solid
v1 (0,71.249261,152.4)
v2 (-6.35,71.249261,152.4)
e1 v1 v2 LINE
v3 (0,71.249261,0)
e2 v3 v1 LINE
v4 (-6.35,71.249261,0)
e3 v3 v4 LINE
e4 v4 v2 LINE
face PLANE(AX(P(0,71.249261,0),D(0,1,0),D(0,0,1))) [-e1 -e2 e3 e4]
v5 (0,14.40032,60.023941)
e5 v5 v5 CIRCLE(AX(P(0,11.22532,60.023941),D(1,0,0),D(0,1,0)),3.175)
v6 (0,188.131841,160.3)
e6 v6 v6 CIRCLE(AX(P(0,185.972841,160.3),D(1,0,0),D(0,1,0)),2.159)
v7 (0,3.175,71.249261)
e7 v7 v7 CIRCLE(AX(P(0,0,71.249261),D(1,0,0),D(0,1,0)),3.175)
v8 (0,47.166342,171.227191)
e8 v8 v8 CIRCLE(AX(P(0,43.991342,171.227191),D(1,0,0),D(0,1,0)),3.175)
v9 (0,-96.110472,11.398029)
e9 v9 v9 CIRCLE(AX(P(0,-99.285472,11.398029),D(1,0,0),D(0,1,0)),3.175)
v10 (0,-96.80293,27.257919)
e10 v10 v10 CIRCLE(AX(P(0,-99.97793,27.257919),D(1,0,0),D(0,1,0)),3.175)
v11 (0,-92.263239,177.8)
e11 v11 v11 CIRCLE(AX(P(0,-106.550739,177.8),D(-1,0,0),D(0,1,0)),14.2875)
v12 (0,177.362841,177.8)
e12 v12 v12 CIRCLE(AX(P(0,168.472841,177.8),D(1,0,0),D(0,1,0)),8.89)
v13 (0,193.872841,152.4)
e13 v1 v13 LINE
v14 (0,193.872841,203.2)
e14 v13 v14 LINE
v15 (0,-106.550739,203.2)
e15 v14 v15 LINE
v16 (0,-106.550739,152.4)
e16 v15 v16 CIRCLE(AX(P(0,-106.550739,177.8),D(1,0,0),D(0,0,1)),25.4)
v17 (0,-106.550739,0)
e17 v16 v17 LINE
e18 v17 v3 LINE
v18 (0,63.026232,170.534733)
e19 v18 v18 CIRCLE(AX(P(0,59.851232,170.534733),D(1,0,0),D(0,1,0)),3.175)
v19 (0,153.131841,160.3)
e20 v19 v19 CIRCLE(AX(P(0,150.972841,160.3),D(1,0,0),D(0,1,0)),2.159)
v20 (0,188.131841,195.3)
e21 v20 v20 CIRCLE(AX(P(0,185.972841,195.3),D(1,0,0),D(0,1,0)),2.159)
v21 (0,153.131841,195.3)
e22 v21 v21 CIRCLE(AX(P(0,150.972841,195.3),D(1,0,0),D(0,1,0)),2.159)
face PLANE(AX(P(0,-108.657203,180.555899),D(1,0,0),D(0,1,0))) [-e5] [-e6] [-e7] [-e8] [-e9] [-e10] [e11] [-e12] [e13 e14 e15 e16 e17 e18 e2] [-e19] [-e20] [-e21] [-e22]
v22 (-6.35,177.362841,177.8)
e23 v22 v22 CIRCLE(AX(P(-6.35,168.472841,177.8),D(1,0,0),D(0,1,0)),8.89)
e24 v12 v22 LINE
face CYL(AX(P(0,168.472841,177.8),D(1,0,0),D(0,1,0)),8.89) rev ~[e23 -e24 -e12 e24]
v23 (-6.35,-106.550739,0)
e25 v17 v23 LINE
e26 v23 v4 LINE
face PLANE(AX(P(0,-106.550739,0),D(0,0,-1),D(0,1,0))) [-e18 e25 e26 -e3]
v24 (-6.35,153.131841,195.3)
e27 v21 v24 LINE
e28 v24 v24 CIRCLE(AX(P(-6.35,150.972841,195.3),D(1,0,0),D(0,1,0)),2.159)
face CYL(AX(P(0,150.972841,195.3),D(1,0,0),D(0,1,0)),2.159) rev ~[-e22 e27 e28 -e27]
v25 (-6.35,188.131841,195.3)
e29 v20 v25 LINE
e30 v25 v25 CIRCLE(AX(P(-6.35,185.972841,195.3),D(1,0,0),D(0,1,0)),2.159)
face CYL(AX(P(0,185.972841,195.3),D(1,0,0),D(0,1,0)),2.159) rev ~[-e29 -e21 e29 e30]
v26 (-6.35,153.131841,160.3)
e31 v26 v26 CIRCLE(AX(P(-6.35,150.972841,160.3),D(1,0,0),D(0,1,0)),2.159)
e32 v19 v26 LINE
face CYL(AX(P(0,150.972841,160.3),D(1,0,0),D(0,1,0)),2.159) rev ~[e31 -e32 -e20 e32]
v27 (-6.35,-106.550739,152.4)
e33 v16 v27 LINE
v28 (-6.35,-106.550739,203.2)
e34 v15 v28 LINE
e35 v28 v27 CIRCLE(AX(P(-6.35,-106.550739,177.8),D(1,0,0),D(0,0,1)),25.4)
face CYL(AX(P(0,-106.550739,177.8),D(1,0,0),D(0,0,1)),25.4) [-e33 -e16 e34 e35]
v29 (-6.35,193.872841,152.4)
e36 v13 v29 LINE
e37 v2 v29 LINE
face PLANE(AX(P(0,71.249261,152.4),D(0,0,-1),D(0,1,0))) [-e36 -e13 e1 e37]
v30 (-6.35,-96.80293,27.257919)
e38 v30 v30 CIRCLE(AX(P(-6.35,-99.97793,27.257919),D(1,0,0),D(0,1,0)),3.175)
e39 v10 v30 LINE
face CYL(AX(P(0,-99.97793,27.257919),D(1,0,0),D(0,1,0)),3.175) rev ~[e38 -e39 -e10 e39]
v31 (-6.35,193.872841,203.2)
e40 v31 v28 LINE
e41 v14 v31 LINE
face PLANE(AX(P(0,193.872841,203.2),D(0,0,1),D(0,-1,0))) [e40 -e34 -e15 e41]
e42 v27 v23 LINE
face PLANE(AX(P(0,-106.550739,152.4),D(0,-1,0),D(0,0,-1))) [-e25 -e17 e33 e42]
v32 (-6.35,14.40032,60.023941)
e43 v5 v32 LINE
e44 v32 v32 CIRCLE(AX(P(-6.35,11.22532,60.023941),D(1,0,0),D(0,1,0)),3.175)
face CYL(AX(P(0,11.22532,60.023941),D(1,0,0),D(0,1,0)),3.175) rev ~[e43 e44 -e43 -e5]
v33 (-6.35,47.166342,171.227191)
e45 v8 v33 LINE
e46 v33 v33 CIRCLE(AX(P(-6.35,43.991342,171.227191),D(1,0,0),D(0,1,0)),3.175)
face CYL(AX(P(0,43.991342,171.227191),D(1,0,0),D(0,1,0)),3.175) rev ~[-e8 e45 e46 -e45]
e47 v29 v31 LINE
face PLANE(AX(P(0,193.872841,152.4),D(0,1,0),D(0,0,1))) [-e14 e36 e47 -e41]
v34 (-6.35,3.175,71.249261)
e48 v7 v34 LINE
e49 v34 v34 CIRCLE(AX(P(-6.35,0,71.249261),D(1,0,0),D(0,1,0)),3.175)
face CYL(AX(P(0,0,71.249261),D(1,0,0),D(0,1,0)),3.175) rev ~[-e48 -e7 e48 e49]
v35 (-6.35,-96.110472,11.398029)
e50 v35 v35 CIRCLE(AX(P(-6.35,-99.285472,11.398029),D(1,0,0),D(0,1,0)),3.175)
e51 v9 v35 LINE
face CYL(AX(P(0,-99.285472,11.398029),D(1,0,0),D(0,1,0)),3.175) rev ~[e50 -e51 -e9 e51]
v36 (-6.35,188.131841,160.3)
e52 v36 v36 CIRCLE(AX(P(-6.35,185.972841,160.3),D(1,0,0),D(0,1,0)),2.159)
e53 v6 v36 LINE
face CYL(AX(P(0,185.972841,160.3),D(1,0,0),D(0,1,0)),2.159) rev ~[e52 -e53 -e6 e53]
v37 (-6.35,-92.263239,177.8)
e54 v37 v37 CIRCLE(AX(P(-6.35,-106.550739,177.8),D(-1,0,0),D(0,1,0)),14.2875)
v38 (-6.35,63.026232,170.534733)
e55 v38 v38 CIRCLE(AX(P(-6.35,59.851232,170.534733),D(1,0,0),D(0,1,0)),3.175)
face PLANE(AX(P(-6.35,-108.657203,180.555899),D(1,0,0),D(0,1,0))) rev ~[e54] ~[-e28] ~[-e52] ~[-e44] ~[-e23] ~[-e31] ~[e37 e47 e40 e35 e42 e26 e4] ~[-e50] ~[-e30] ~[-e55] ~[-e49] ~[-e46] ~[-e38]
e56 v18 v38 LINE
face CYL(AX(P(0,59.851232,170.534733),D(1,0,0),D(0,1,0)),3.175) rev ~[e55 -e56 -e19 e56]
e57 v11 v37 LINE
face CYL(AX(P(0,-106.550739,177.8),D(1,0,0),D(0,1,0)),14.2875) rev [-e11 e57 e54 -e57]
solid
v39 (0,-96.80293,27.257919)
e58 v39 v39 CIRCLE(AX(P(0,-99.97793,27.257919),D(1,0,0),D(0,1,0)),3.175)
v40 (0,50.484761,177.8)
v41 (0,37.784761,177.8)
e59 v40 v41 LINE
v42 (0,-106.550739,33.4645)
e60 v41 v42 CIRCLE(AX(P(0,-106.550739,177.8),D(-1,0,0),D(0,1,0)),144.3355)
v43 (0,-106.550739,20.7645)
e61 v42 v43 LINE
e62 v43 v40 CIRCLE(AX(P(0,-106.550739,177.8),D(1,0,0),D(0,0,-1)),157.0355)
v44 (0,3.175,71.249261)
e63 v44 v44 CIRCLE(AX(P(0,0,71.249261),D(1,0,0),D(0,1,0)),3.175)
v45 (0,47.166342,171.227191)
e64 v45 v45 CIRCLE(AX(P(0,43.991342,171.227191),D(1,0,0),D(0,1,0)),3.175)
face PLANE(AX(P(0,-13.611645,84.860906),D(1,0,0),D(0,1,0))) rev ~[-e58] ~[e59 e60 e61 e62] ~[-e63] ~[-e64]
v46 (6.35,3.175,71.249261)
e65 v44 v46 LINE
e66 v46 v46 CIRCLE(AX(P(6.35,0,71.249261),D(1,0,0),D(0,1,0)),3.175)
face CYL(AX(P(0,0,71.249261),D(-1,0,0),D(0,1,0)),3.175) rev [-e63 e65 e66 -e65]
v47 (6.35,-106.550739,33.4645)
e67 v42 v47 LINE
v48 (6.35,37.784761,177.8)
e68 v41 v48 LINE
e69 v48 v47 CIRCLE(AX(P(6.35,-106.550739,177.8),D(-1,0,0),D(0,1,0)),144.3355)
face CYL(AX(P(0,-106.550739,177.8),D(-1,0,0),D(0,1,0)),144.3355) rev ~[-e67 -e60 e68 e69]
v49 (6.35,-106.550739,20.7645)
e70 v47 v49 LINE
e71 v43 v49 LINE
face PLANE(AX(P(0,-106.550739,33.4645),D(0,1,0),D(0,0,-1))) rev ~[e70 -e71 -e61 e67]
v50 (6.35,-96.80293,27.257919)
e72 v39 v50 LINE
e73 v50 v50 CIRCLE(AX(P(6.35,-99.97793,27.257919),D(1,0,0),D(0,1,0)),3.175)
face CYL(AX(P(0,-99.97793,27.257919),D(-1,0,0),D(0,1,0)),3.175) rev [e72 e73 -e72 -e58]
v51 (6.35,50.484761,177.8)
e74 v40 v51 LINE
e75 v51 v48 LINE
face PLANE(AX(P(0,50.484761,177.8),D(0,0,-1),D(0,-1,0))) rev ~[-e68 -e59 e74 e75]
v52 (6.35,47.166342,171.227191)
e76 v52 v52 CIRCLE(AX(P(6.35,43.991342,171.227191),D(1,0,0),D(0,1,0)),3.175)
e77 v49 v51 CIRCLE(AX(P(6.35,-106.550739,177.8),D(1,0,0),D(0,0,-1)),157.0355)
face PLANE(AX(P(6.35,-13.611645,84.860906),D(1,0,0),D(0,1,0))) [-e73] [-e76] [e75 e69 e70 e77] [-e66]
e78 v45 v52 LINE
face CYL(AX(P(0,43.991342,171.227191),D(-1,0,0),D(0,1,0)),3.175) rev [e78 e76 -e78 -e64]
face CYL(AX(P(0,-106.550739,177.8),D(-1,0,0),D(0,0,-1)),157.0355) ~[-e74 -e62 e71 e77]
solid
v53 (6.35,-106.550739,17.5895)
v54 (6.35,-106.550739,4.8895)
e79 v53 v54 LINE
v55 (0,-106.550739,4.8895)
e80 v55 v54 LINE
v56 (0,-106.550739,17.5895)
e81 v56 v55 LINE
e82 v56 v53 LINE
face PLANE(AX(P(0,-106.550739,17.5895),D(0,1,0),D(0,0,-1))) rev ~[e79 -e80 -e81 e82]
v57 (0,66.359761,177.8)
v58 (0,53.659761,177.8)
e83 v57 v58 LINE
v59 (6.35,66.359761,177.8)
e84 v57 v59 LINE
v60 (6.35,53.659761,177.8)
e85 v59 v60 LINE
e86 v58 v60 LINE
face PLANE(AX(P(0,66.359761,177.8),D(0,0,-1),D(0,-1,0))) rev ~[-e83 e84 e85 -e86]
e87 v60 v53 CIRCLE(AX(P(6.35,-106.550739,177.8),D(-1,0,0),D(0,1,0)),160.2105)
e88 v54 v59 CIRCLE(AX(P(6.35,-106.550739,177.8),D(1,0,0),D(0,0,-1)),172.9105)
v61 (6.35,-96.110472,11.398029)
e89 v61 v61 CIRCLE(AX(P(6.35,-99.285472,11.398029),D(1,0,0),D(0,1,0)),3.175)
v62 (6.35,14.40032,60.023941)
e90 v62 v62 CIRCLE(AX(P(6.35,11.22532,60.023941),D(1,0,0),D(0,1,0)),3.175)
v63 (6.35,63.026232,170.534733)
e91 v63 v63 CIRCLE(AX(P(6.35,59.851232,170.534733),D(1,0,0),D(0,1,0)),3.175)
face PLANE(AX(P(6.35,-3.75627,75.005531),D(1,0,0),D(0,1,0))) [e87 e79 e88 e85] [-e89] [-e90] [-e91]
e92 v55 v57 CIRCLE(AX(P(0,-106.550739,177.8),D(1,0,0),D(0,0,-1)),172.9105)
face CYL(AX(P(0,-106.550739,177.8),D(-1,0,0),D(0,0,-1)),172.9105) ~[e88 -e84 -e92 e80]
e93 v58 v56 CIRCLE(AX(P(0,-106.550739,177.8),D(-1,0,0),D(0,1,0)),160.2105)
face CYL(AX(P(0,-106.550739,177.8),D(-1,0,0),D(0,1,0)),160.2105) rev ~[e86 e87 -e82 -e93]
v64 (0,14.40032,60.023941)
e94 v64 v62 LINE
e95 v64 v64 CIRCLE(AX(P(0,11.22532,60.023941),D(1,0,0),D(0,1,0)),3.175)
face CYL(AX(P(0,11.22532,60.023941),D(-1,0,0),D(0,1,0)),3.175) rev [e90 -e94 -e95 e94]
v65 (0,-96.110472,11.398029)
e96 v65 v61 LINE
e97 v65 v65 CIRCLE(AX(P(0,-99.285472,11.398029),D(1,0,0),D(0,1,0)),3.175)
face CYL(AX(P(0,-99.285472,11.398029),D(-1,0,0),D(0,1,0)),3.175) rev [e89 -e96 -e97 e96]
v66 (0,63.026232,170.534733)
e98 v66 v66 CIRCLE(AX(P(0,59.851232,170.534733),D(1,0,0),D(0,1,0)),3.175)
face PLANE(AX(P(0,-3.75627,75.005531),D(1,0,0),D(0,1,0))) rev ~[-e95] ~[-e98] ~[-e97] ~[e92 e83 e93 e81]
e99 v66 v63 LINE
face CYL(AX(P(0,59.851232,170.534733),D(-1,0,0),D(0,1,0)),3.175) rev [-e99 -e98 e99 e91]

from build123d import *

# Parameters (mm, degrees)
F0_R     = 2.159
F0_R_2   = 8.89
F0_R_3   = 3.175
F1_DEPTH = 6.35
F2_DEPTH = 6.35
F3_DEPTH = 6.35


with BuildPart() as f1:
    # F0 (on Right) → F1 (new body)
    with BuildSketch(Plane.YZ):
        with BuildLine():
            Line((-92.2632388765, 177.8), (-81.1507388765, 177.8))
            ThreePointArc((-81.1507388765, 177.8), (-88.5902266343, 195.7605122421), (-106.5507388765, 203.2))
            ThreePointArc((-106.5507388765, 203.2), (-131.9507388765, 177.8), (-106.5507388765, 152.4))
            Line((-106.5507388765, 152.4), (-106.5507388765, 163.5125))
            ThreePointArc((-106.5507388765, 163.5125), (-116.6535270127, 187.9027881362), (-92.2632388765, 177.8))
        make_face()
        with BuildLine():
            ThreePointArc((-106.5507388765, 152.4), (-88.5902266343, 159.8394877579), (-81.1507388765, 177.8))
            Line((-81.1507388765, 177.8), (-92.2632388765, 177.8))
            ThreePointArc((-92.2632388765, 177.8), (-96.4479507403, 167.6972118638), (-106.5507388765, 163.5125))
            Line((-106.5507388765, 163.5125), (-106.5507388765, 152.4))
        make_face()
        with BuildLine():
            ThreePointArc((-106.5507388765, 203.2), (-88.5902266343, 195.7605122421), (-81.1507388765, 177.8))
            Line((-81.1507388765, 177.8), (37.7847611235, 177.8))
            Line((37.7847611235, 177.8), (50.4847611235, 177.8))
            Line((50.4847611235, 177.8), (53.6597611235, 177.8))
            Line((53.6597611235, 177.8), (66.3597611235, 177.8))
            Line((66.3597611235, 177.8), (71.2492611235, 177.8))
            Line((71.2492611235, 177.8), (71.2492611235, 203.2))
            Line((71.2492611235, 203.2), (-106.5507388765, 203.2))
        make_face()
        Polygon((193.8728411235, 203.2), (71.2492611235, 203.2), (71.2492611235, 177.8), (71.2492611235, 152.4), (193.8728411235, 152.4), align=None)
        with Locations((150.9728411235, 160.3)):
            Circle(F0_R, mode=Mode.SUBTRACT)
        with Locations((185.9728411235, 160.3)):
            Circle(F0_R, mode=Mode.SUBTRACT)
        with Locations((150.9728411235, 195.3)):
            Circle(F0_R, mode=Mode.SUBTRACT)
        with Locations((168.4728411235, 177.8)):
            Circle(F0_R_2, mode=Mode.SUBTRACT)
        with Locations((185.9728411235, 195.3)):
            Circle(F0_R, mode=Mode.SUBTRACT)
        with BuildLine():
            Line((71.2492611235, 152.4), (71.2492611235, 177.8))
            Line((71.2492611235, 177.8), (66.3597611235, 177.8))
            ThreePointArc((66.3597611235, 177.8), (15.7154482119, 55.5338129116), (-106.5507388765, 4.8895))
            Line((-106.5507388765, 4.8895), (-106.5507388765, 0))
            Line((-106.5507388765, 0), (71.2492611235, 0))
            Line((71.2492611235, 0), (71.2492611235, 152.4))
        make_face()
        with BuildLine():
            Line((66.3597611235, 177.8), (53.6597611235, 177.8))
            ThreePointArc((53.6597611235, 177.8), (6.7351920908, 64.5140690327), (-106.5507388765, 17.5895))
            Line((-106.5507388765, 17.5895), (-106.5507388765, 4.8895))
            ThreePointArc((-106.5507388765, 4.8895), (15.7154482119, 55.5338129116), (66.3597611235, 177.8))
        make_face()
        with Locations((-99.2854719072, 11.3980286892)):
            Circle(F0_R_3, mode=Mode.SUBTRACT)
        with Locations((11.2253201513, 60.0239409722)):
            Circle(F0_R_3, mode=Mode.SUBTRACT)
        with Locations((59.8512324343, 170.5347330307)):
            Circle(F0_R_3, mode=Mode.SUBTRACT)
        with BuildLine():
            Line((53.6597611235, 177.8), (50.4847611235, 177.8))
            ThreePointArc((50.4847611235, 177.8), (4.4901280605, 66.759133063), (-106.5507388765, 20.7645))
            Line((-106.5507388765, 20.7645), (-106.5507388765, 17.5895))
            ThreePointArc((-106.5507388765, 17.5895), (6.7351920908, 64.5140690327), (53.6597611235, 177.8))
        make_face()
        with BuildLine():
            Line((50.4847611235, 177.8), (37.7847611235, 177.8))
            ThreePointArc((37.7847611235, 177.8), (-4.4901280605, 75.739389184), (-106.5507388765, 33.4645))
            Line((-106.5507388765, 33.4645), (-106.5507388765, 20.7645))
            ThreePointArc((-106.5507388765, 20.7645), (4.4901280605, 66.759133063), (50.4847611235, 177.8))
        make_face()
        with Locations((-99.9779296816, 27.2579192068)):
            Circle(F0_R_3, mode=Mode.SUBTRACT)
        with Locations((0, 71.2492611235)):
            Circle(F0_R_3, mode=Mode.SUBTRACT)
        with Locations((43.9913419167, 171.2271908052)):
            Circle(F0_R_3, mode=Mode.SUBTRACT)
        with BuildLine():
            Line((37.7847611235, 177.8), (-81.1507388765, 177.8))
            ThreePointArc((-81.1507388765, 177.8), (-88.5902266343, 159.8394877579), (-106.5507388765, 152.4))
            Line((-106.5507388765, 152.4), (-106.5507388765, 33.4645))
            ThreePointArc((-106.5507388765, 33.4645), (-4.4901280605, 75.739389184), (37.7847611235, 177.8))
        make_face()
    extrude(amount=-F1_DEPTH)


with BuildPart() as f2:
    # F0 (on Right) → F2 (new body)
    with BuildSketch(Plane.YZ):
        with BuildLine():
            Line((50.4847611235, 177.8), (37.7847611235, 177.8))
            ThreePointArc((37.7847611235, 177.8), (-4.4901280605, 75.739389184), (-106.5507388765, 33.4645))
            Line((-106.5507388765, 33.4645), (-106.5507388765, 20.7645))
            ThreePointArc((-106.5507388765, 20.7645), (4.4901280605, 66.759133063), (50.4847611235, 177.8))
        make_face()
        with Locations((-99.9779296816, 27.2579192068)):
            Circle(F0_R_3, mode=Mode.SUBTRACT)
        with Locations((0, 71.2492611235)):
            Circle(F0_R_3, mode=Mode.SUBTRACT)
        with Locations((43.9913419167, 171.2271908052)):
            Circle(F0_R_3, mode=Mode.SUBTRACT)
    extrude(amount=F2_DEPTH)


with BuildPart() as f3:
    # F0 (on Right) → F3 (new body)
    with BuildSketch(Plane.YZ):
        with BuildLine():
            Line((66.3597611235, 177.8), (53.6597611235, 177.8))
            ThreePointArc((53.6597611235, 177.8), (6.7351920908, 64.5140690327), (-106.5507388765, 17.5895))
            Line((-106.5507388765, 17.5895), (-106.5507388765, 4.8895))
            ThreePointArc((-106.5507388765, 4.8895), (15.7154482119, 55.5338129116), (66.3597611235, 177.8))
        make_face()
        with Locations((-99.2854719072, 11.3980286892)):
            Circle(F0_R_3, mode=Mode.SUBTRACT)
        with Locations((11.2253201513, 60.0239409722)):
            Circle(F0_R_3, mode=Mode.SUBTRACT)
        with Locations((59.8512324343, 170.5347330307)):
            Circle(F0_R_3, mode=Mode.SUBTRACT)
    extrude(amount=F3_DEPTH)


solid = Compound([f1.part, f2.part, f3.part])
